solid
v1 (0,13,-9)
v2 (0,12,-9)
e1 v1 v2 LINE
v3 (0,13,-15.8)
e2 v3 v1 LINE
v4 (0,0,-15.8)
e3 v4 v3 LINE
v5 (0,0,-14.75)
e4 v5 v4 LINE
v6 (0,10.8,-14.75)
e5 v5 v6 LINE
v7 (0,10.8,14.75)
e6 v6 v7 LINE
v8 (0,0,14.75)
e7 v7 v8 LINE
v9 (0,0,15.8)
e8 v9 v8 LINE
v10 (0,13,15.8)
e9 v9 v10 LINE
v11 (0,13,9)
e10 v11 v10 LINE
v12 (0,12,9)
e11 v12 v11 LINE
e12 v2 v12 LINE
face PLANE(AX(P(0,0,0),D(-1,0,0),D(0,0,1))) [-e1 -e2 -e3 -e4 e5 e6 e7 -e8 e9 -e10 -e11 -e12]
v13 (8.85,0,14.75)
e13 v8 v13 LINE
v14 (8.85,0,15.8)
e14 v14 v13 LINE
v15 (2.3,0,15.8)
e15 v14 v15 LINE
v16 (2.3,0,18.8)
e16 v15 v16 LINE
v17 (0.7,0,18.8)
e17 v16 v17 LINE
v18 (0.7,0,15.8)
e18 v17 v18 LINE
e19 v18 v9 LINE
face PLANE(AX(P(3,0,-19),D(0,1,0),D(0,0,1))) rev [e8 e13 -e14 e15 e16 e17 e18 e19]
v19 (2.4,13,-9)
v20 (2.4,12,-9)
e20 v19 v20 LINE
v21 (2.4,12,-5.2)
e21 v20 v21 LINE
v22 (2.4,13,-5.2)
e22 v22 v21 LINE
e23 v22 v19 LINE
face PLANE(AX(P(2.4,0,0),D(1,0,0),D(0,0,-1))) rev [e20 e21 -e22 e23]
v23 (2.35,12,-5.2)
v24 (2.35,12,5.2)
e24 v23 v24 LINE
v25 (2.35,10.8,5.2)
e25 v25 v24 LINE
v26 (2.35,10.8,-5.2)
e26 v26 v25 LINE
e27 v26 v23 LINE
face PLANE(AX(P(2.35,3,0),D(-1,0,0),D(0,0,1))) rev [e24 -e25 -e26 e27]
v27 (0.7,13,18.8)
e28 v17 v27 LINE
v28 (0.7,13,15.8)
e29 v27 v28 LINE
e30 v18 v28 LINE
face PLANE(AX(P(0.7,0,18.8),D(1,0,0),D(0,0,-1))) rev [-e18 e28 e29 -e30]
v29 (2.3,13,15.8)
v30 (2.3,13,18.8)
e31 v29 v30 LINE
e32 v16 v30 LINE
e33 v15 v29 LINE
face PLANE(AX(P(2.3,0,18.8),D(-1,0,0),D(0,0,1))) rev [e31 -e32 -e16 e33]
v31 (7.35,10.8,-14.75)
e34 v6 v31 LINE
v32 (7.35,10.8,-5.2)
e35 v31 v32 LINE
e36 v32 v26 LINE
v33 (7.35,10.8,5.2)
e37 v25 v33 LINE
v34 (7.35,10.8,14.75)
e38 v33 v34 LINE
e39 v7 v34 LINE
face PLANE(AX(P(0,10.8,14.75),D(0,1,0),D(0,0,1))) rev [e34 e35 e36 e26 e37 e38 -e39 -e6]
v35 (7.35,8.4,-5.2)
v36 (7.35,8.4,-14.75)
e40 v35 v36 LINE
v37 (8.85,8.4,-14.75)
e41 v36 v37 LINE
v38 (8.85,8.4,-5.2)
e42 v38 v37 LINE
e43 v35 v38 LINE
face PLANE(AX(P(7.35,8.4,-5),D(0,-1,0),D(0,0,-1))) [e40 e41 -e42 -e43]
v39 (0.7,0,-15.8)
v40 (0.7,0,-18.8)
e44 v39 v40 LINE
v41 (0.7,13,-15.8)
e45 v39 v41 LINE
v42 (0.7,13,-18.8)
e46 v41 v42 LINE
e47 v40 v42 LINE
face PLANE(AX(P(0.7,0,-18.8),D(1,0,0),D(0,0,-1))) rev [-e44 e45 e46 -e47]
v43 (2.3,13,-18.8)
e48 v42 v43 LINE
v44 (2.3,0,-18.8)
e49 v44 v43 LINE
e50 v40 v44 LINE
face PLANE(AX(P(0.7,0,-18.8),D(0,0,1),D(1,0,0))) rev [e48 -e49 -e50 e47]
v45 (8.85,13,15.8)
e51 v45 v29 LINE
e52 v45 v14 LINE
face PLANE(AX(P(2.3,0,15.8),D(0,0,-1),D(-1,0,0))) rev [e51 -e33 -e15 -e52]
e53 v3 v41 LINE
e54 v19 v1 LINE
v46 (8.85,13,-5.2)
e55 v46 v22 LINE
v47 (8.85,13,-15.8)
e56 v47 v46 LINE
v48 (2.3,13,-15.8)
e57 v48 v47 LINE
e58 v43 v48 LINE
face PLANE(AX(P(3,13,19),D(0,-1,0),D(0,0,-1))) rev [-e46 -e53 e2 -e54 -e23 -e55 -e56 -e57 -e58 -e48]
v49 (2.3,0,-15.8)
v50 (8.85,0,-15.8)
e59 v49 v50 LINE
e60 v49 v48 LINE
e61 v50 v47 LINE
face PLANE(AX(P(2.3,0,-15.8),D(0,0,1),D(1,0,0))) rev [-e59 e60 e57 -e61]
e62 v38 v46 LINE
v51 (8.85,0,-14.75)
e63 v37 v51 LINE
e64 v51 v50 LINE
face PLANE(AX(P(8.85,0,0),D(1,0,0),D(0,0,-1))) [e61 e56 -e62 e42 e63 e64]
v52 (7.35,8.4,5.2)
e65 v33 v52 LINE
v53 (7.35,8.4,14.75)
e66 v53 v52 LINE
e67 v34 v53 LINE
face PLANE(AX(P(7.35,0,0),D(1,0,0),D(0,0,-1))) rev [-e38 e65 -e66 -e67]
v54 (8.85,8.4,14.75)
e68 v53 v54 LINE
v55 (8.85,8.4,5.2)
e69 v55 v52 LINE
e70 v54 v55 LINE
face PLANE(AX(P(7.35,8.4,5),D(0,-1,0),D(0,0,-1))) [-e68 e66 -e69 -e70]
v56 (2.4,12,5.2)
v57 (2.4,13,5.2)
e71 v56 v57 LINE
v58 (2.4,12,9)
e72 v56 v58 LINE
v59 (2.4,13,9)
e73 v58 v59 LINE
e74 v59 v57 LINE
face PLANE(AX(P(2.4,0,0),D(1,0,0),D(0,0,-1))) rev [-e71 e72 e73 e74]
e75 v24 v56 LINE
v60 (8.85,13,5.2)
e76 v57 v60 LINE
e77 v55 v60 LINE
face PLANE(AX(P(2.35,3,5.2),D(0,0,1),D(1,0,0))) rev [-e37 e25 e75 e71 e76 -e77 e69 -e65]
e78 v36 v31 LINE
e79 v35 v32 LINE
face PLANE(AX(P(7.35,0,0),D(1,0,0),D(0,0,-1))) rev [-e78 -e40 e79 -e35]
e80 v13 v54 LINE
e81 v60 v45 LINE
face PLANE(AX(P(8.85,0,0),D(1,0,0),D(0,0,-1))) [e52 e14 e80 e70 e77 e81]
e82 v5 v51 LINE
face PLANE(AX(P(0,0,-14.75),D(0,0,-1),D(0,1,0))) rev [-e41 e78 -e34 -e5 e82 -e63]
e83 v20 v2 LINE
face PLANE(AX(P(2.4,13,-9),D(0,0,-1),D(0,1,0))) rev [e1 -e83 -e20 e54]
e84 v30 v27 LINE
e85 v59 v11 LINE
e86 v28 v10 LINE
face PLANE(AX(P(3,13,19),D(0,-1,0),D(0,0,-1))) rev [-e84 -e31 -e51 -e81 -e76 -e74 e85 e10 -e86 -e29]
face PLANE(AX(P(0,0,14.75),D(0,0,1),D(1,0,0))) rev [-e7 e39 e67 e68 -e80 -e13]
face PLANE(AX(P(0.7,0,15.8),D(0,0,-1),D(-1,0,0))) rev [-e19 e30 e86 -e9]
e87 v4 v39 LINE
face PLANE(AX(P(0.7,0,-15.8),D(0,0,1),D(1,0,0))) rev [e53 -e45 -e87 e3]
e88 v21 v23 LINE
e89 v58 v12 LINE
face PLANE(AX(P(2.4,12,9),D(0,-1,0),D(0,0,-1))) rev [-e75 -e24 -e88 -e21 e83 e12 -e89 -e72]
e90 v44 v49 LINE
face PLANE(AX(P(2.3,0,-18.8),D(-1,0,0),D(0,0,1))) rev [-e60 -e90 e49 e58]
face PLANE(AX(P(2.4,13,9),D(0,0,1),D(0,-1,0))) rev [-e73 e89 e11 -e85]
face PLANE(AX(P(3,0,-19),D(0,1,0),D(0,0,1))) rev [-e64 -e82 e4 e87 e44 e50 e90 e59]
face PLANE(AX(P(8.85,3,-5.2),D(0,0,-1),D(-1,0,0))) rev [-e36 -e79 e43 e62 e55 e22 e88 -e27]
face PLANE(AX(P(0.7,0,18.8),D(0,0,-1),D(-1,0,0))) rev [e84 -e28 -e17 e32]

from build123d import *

# Parameters (mm, degrees)
SKETCH1_W           = 38
SKETCH1_H           = 13
BOSS_EXTRUDE1_DEPTH = 3
CUT_EXTRUDE1_DEPTH  = 24.216373532
SKETCH3_W           = 29.5
SKETCH3_H           = 10.8
CUT_EXTRUDE2_DEPTH  = 3
BOSS_EXTRUDE2_DEPTH = 5.85
SKETCH5_W           = 9.75
SKETCH5_H           = 2.4
BOSS_EXTRUDE3_DEPTH = 1.5
CUT_EXTRUDE3_DEPTH  = 10
SKETCH7_W           = 18
SKETCH7_H           = 1
CUT_EXTRUDE4_DEPTH  = 2.4


with BuildPart() as part:
    # Sketch1 → Boss-Extrude1 (new body)
    with BuildSketch(Plane(origin=(0, 0, 0), x_dir=(0, 0, -1), z_dir=(1, 0, 0))):
        with Locations((0, 6.5)):
            Rectangle(SKETCH1_W, SKETCH1_H)
    extrude(amount=BOSS_EXTRUDE1_DEPTH)

    # Sketch2 → Cut-Extrude1 (cut, through all)
    with BuildSketch(Plane(origin=(0, 13, 0), x_dir=(1, 0, 0), z_dir=(0, 1, 0))):
        Polygon((0.7, -18.8), (0.7, -15.8), (0, -15.8), (0, -19), (3, -19), (3, -15.8), (2.3, -15.8), (2.3, -18.8), align=None)
        Polygon((2.3, 18.8), (2.3, 15.8), (3, 15.8), (3, 19), (0, 19), (0, 15.8), (0.7, 15.8), (0.7, 18.8), align=None)
    extrude(amount=-CUT_EXTRUDE1_DEPTH, mode=Mode.SUBTRACT)

    # Sketch3 → Cut-Extrude2 (cut)
    with BuildSketch(Plane(origin=(3, 0, 0), x_dir=(0, 0, -1), z_dir=(1, 0, 0))):
        with Locations((0, 5.4)):
            Rectangle(SKETCH3_W, SKETCH3_H)
    extrude(amount=-CUT_EXTRUDE2_DEPTH, mode=Mode.SUBTRACT)

    # Sketch4 → Boss-Extrude2 (add)
    with BuildSketch(Plane(origin=(3, 0, 0), x_dir=(0, 0, -1), z_dir=(1, 0, 0))):
        Polygon((-15.8, 13), (-15.8, 0), (-14.75, 0), (-14.75, 10.8), (14.75, 10.8), (14.75, 0), (15.8, 0), (15.8, 13), align=None)
    extrude(amount=BOSS_EXTRUDE2_DEPTH)

    # Sketch5 → Boss-Extrude3 (add)
    with BuildSketch(Plane(origin=(8.85, 0, 0), x_dir=(0, 0, -1), z_dir=(1, 0, 0))):
        with Locations((-9.875, 9.6)):
            Rectangle(SKETCH5_W, SKETCH5_H)
        with Locations((9.875, 9.6)):
            Rectangle(SKETCH5_W, SKETCH5_H)
    extrude(amount=-BOSS_EXTRUDE3_DEPTH)

    # Sketch6 → Cut-Extrude3 (cut)
    with BuildSketch(Plane(origin=(0, 13, 0), x_dir=(1, 0, 0), z_dir=(0, 1, 0))):
        Polygon((8.85, 5.2), (2.35, 5.2), (2.35, 0), (2.35, -5.2), (8.85, -5.2), align=None)
    extrude(amount=-CUT_EXTRUDE3_DEPTH, mode=Mode.SUBTRACT)

    # Sketch7 → Cut-Extrude4 (cut)
    with BuildSketch(Plane.ZY):
        with Locations((0, 12.5)):
            Rectangle(SKETCH7_W, SKETCH7_H)
    extrude(amount=-CUT_EXTRUDE4_DEPTH, mode=Mode.SUBTRACT)


solid = part.part
